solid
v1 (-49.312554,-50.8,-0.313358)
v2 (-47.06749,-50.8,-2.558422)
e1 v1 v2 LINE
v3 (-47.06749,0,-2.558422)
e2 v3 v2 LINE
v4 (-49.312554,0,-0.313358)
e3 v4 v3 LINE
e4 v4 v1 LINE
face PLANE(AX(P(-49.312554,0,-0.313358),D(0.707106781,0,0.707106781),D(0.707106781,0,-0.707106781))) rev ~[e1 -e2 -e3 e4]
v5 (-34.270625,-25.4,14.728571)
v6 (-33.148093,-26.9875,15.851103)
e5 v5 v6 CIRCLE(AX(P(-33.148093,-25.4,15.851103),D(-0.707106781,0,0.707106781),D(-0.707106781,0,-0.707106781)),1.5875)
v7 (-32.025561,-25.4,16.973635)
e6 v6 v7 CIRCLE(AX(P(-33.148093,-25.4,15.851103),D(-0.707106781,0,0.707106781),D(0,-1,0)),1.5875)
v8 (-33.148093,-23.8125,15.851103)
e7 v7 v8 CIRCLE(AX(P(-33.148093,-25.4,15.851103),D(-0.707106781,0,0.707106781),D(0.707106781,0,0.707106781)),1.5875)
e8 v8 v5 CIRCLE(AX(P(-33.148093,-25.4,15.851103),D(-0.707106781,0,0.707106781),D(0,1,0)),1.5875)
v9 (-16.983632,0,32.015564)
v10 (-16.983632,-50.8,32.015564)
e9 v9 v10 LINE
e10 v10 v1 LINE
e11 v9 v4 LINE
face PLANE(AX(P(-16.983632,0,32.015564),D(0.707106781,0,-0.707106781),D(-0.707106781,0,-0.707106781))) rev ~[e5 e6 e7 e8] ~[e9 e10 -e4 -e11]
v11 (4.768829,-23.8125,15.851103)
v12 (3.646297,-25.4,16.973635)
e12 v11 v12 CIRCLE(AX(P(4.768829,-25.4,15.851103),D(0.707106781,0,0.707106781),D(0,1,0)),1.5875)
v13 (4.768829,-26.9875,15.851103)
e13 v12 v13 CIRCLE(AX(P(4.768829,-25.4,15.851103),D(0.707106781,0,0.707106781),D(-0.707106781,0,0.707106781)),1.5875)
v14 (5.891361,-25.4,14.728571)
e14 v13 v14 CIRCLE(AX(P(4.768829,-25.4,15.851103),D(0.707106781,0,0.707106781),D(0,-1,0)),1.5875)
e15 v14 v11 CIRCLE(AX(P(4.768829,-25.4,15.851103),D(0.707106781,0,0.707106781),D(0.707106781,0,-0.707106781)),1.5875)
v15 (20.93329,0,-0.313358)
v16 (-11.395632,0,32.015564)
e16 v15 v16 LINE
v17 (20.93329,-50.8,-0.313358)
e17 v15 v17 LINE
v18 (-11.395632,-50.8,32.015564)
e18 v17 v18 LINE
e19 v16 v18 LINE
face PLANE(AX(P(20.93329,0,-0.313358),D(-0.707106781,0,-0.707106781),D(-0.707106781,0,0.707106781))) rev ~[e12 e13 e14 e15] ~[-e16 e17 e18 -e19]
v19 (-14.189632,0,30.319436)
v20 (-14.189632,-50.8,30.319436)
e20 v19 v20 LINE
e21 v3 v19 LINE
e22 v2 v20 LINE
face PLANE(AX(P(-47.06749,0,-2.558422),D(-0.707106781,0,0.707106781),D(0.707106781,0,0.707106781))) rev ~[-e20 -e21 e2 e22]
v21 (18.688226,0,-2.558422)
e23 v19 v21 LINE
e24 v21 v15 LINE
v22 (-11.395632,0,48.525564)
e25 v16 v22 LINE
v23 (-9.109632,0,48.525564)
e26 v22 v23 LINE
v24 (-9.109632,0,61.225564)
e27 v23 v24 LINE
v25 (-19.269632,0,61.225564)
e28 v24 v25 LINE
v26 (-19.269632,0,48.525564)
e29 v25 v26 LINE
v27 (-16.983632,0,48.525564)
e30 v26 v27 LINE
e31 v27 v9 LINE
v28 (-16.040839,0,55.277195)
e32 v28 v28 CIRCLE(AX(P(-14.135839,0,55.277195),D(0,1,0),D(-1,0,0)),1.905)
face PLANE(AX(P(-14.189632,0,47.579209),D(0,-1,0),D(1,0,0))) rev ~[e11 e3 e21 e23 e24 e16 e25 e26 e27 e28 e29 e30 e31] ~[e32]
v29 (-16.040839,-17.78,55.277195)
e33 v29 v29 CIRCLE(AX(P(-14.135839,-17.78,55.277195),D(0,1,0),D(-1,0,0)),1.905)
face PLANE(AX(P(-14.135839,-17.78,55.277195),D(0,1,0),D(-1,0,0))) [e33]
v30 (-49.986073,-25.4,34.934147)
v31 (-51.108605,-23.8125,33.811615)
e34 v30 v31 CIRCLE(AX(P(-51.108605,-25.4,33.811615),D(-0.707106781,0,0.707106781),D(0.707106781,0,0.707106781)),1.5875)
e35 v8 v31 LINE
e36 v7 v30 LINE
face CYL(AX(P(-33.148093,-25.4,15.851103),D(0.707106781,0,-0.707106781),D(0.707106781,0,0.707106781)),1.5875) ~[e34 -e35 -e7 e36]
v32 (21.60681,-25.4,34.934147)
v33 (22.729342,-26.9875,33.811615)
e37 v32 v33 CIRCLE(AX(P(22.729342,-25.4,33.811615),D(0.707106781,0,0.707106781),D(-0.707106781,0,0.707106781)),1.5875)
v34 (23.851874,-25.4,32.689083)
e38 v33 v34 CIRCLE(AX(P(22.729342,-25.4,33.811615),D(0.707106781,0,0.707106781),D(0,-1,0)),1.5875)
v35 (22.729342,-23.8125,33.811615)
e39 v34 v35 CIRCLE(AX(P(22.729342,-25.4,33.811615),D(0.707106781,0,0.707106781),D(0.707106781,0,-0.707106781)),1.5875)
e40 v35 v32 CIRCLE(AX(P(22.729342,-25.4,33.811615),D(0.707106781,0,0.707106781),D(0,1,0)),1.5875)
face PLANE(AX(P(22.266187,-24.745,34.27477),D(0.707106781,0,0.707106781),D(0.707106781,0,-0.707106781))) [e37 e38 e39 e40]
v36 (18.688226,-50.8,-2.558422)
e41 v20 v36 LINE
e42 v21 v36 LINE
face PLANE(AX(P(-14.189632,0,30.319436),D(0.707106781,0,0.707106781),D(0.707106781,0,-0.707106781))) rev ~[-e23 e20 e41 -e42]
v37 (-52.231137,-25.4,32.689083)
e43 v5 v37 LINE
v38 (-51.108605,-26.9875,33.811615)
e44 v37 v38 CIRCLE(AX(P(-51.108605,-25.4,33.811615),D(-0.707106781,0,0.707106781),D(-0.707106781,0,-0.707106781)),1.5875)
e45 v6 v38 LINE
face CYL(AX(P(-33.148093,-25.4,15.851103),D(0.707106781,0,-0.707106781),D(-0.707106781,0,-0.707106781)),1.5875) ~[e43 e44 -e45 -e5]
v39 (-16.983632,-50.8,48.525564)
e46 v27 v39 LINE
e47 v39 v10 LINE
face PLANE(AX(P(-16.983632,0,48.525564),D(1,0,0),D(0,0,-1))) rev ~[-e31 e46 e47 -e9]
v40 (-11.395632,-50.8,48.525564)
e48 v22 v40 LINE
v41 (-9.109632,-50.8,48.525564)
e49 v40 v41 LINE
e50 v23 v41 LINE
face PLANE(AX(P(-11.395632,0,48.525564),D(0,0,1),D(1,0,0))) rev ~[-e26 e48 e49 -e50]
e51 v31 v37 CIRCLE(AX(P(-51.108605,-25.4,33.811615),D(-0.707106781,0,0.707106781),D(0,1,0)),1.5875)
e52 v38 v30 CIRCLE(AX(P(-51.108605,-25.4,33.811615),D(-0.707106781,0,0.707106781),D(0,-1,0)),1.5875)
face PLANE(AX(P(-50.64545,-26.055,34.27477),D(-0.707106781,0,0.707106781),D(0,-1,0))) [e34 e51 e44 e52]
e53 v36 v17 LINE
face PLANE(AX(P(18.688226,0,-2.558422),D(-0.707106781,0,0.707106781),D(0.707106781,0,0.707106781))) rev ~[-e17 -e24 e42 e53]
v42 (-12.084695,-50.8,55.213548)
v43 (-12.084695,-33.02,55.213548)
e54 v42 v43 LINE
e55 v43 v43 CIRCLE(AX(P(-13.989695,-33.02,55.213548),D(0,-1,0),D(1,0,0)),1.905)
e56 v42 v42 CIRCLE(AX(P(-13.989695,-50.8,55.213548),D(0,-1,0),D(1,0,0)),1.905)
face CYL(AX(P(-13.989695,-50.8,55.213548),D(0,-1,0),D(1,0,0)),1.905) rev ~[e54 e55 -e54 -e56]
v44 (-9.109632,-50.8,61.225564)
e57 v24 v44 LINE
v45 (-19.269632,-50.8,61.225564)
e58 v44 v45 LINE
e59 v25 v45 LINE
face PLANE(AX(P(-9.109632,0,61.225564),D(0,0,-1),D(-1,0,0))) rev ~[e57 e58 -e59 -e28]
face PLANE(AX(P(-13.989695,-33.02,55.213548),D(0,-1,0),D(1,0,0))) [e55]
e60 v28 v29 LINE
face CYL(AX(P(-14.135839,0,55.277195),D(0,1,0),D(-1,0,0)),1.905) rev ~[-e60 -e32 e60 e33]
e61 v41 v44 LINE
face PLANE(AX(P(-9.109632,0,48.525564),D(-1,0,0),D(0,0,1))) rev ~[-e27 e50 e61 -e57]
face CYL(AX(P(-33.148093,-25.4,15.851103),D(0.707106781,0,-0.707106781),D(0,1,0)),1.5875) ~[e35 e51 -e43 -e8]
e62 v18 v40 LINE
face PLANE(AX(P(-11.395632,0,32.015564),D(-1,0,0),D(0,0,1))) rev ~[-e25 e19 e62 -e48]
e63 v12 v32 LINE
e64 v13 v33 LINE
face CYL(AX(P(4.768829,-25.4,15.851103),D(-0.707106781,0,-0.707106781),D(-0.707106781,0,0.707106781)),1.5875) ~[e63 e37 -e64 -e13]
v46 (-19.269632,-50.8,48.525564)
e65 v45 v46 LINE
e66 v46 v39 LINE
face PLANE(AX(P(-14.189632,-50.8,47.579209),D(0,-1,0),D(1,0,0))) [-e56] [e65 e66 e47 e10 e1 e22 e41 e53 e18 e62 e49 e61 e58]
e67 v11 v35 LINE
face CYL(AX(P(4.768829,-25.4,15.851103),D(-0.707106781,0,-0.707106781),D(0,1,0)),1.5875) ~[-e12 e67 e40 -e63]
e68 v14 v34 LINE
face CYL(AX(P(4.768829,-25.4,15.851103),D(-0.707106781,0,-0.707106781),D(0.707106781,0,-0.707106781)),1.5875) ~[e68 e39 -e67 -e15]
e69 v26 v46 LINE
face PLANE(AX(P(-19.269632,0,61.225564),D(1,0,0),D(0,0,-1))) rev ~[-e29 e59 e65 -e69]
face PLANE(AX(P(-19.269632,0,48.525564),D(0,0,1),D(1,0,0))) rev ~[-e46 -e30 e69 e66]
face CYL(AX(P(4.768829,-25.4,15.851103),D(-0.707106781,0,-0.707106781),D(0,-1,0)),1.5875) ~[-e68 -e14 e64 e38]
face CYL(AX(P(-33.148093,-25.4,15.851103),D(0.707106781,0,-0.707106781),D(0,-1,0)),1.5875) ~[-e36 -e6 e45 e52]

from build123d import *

# Parameters (mm, degrees)
F1_DEPTH = 50.8
F2_R     = 1.905
F3_DEPTH = 17.78
F6_DEPTH = 25.4
F8_DEPTH = 25.4
F4_R     = 1.905
F9_DEPTH = 17.78


with BuildPart() as f1:
    # F0 (on Front) → F1 (new body)
    with BuildSketch(Plane.XZ):
        Polygon((-9.1096315365, 61.225563957), (-19.2696315365, 61.225563957), (-19.2696315365, 48.525563957), (-16.9836315365, 48.525563957), (-16.9836315365, 32.015563957), (-14.1896315365, 32.015563957), (-11.3956315365, 32.015563957), (-11.3956315365, 48.525563957), (-9.1096315365, 48.525563957), align=None)
        Polygon((-14.1896315365, 32.015563957), (-16.9836315365, 32.015563957), (-49.3125535723, -0.3133580789), (-47.0674895421, -2.5584221091), (-14.1896315365, 30.3194358965), align=None)
        Polygon((-11.3956315365, 32.015563957), (-14.1896315365, 32.015563957), (-14.1896315365, 30.3194358965), (18.6882264691, -2.5584221091), (20.9332904994, -0.3133580789), align=None)
    extrude(amount=F1_DEPTH)

    # F2 (on face) → F3 (cut)
    with BuildSketch(Plane(origin=(0, 0, 0), x_dir=(-1, 0, 0), z_dir=(0, 1, 0))):
        with Locations((14.1358394176, 55.2771948278)):
            Circle(F2_R)
    extrude(amount=-F3_DEPTH, mode=Mode.SUBTRACT)

    # F5 (on face) → F6 (join)
    with BuildSketch(Plane(origin=(10.3099662102, 0, 10.3099662102), x_dir=(0.7071067812, 0, -0.7071067812), z_dir=(0.7071067812, 0, 0.7071067812))):
        with BuildLine():
            Line((-7.8363507129, -25.4), (-7.8363507129, -23.8125))
            ThreePointArc((-7.8363507129, -23.8125), (-8.958882728, -24.2774679849), (-9.4238507129, -25.4))
            Line((-9.4238507129, -25.4), (-7.8363507129, -25.4))
        make_face()
        with BuildLine():
            Line((-7.8363507129, -25.4), (-6.2488507129, -25.4))
            ThreePointArc((-6.2488507129, -25.4), (-6.7138186977, -24.2774679849), (-7.8363507129, -23.8125))
            Line((-7.8363507129, -23.8125), (-7.8363507129, -25.4))
        make_face()
        with BuildLine():
            ThreePointArc((-9.4238507129, -25.4), (-8.958882728, -26.5225320151), (-7.8363507129, -26.9875))
            Line((-7.8363507129, -26.9875), (-7.8363507129, -25.4))
            Line((-7.8363507129, -25.4), (-9.4238507129, -25.4))
        make_face()
        with BuildLine():
            ThreePointArc((-7.8363507129, -26.9875), (-6.7138186977, -26.5225320151), (-6.2488507129, -25.4))
            Line((-6.2488507129, -25.4), (-7.8363507129, -25.4))
            Line((-7.8363507129, -25.4), (-7.8363507129, -26.9875))
        make_face()
    extrude(amount=F6_DEPTH)

    # F7 (on face) → F8 (join)
    with BuildSketch(Plane(origin=(-24.4995977467, 0, 24.4995977467), x_dir=(0, -1, 0), z_dir=(-0.7071067812, 0, 0.7071067812))):
        with BuildLine():
            ThreePointArc((26.9875, -12.2308186511), (26.5225320151, -11.108286636), (25.4, -10.6433186511))
            Line((25.4, -10.6433186511), (25.4, -12.2308186511))
            Line((25.4, -12.2308186511), (26.9875, -12.2308186511))
        make_face()
        with BuildLine():
            Line((26.9875, -12.2308186511), (25.4, -12.2308186511))
            Line((25.4, -12.2308186511), (25.4, -13.8183186511))
            ThreePointArc((25.4, -13.8183186511), (26.5225320151, -13.3533506663), (26.9875, -12.2308186511))
        make_face()
        with BuildLine():
            Line((25.4, -12.2308186511), (23.8125, -12.2308186511))
            ThreePointArc((23.8125, -12.2308186511), (24.2774679849, -13.3533506663), (25.4, -13.8183186511))
            Line((25.4, -13.8183186511), (25.4, -12.2308186511))
        make_face()
        with BuildLine():
            Line((25.4, -12.2308186511), (25.4, -10.6433186511))
            ThreePointArc((25.4, -10.6433186511), (24.2774679849, -11.108286636), (23.8125, -12.2308186511))
            Line((23.8125, -12.2308186511), (25.4, -12.2308186511))
        make_face()
    extrude(amount=F8_DEPTH)

    # F4 (on face) → F9 (cut)
    with BuildSketch(Plane.XZ.offset(50.8)):
        with Locations((-13.9896953478, 55.213548243)):
            Circle(F4_R)
    extrude(amount=-F9_DEPTH, mode=Mode.SUBTRACT)


solid = f1.part
